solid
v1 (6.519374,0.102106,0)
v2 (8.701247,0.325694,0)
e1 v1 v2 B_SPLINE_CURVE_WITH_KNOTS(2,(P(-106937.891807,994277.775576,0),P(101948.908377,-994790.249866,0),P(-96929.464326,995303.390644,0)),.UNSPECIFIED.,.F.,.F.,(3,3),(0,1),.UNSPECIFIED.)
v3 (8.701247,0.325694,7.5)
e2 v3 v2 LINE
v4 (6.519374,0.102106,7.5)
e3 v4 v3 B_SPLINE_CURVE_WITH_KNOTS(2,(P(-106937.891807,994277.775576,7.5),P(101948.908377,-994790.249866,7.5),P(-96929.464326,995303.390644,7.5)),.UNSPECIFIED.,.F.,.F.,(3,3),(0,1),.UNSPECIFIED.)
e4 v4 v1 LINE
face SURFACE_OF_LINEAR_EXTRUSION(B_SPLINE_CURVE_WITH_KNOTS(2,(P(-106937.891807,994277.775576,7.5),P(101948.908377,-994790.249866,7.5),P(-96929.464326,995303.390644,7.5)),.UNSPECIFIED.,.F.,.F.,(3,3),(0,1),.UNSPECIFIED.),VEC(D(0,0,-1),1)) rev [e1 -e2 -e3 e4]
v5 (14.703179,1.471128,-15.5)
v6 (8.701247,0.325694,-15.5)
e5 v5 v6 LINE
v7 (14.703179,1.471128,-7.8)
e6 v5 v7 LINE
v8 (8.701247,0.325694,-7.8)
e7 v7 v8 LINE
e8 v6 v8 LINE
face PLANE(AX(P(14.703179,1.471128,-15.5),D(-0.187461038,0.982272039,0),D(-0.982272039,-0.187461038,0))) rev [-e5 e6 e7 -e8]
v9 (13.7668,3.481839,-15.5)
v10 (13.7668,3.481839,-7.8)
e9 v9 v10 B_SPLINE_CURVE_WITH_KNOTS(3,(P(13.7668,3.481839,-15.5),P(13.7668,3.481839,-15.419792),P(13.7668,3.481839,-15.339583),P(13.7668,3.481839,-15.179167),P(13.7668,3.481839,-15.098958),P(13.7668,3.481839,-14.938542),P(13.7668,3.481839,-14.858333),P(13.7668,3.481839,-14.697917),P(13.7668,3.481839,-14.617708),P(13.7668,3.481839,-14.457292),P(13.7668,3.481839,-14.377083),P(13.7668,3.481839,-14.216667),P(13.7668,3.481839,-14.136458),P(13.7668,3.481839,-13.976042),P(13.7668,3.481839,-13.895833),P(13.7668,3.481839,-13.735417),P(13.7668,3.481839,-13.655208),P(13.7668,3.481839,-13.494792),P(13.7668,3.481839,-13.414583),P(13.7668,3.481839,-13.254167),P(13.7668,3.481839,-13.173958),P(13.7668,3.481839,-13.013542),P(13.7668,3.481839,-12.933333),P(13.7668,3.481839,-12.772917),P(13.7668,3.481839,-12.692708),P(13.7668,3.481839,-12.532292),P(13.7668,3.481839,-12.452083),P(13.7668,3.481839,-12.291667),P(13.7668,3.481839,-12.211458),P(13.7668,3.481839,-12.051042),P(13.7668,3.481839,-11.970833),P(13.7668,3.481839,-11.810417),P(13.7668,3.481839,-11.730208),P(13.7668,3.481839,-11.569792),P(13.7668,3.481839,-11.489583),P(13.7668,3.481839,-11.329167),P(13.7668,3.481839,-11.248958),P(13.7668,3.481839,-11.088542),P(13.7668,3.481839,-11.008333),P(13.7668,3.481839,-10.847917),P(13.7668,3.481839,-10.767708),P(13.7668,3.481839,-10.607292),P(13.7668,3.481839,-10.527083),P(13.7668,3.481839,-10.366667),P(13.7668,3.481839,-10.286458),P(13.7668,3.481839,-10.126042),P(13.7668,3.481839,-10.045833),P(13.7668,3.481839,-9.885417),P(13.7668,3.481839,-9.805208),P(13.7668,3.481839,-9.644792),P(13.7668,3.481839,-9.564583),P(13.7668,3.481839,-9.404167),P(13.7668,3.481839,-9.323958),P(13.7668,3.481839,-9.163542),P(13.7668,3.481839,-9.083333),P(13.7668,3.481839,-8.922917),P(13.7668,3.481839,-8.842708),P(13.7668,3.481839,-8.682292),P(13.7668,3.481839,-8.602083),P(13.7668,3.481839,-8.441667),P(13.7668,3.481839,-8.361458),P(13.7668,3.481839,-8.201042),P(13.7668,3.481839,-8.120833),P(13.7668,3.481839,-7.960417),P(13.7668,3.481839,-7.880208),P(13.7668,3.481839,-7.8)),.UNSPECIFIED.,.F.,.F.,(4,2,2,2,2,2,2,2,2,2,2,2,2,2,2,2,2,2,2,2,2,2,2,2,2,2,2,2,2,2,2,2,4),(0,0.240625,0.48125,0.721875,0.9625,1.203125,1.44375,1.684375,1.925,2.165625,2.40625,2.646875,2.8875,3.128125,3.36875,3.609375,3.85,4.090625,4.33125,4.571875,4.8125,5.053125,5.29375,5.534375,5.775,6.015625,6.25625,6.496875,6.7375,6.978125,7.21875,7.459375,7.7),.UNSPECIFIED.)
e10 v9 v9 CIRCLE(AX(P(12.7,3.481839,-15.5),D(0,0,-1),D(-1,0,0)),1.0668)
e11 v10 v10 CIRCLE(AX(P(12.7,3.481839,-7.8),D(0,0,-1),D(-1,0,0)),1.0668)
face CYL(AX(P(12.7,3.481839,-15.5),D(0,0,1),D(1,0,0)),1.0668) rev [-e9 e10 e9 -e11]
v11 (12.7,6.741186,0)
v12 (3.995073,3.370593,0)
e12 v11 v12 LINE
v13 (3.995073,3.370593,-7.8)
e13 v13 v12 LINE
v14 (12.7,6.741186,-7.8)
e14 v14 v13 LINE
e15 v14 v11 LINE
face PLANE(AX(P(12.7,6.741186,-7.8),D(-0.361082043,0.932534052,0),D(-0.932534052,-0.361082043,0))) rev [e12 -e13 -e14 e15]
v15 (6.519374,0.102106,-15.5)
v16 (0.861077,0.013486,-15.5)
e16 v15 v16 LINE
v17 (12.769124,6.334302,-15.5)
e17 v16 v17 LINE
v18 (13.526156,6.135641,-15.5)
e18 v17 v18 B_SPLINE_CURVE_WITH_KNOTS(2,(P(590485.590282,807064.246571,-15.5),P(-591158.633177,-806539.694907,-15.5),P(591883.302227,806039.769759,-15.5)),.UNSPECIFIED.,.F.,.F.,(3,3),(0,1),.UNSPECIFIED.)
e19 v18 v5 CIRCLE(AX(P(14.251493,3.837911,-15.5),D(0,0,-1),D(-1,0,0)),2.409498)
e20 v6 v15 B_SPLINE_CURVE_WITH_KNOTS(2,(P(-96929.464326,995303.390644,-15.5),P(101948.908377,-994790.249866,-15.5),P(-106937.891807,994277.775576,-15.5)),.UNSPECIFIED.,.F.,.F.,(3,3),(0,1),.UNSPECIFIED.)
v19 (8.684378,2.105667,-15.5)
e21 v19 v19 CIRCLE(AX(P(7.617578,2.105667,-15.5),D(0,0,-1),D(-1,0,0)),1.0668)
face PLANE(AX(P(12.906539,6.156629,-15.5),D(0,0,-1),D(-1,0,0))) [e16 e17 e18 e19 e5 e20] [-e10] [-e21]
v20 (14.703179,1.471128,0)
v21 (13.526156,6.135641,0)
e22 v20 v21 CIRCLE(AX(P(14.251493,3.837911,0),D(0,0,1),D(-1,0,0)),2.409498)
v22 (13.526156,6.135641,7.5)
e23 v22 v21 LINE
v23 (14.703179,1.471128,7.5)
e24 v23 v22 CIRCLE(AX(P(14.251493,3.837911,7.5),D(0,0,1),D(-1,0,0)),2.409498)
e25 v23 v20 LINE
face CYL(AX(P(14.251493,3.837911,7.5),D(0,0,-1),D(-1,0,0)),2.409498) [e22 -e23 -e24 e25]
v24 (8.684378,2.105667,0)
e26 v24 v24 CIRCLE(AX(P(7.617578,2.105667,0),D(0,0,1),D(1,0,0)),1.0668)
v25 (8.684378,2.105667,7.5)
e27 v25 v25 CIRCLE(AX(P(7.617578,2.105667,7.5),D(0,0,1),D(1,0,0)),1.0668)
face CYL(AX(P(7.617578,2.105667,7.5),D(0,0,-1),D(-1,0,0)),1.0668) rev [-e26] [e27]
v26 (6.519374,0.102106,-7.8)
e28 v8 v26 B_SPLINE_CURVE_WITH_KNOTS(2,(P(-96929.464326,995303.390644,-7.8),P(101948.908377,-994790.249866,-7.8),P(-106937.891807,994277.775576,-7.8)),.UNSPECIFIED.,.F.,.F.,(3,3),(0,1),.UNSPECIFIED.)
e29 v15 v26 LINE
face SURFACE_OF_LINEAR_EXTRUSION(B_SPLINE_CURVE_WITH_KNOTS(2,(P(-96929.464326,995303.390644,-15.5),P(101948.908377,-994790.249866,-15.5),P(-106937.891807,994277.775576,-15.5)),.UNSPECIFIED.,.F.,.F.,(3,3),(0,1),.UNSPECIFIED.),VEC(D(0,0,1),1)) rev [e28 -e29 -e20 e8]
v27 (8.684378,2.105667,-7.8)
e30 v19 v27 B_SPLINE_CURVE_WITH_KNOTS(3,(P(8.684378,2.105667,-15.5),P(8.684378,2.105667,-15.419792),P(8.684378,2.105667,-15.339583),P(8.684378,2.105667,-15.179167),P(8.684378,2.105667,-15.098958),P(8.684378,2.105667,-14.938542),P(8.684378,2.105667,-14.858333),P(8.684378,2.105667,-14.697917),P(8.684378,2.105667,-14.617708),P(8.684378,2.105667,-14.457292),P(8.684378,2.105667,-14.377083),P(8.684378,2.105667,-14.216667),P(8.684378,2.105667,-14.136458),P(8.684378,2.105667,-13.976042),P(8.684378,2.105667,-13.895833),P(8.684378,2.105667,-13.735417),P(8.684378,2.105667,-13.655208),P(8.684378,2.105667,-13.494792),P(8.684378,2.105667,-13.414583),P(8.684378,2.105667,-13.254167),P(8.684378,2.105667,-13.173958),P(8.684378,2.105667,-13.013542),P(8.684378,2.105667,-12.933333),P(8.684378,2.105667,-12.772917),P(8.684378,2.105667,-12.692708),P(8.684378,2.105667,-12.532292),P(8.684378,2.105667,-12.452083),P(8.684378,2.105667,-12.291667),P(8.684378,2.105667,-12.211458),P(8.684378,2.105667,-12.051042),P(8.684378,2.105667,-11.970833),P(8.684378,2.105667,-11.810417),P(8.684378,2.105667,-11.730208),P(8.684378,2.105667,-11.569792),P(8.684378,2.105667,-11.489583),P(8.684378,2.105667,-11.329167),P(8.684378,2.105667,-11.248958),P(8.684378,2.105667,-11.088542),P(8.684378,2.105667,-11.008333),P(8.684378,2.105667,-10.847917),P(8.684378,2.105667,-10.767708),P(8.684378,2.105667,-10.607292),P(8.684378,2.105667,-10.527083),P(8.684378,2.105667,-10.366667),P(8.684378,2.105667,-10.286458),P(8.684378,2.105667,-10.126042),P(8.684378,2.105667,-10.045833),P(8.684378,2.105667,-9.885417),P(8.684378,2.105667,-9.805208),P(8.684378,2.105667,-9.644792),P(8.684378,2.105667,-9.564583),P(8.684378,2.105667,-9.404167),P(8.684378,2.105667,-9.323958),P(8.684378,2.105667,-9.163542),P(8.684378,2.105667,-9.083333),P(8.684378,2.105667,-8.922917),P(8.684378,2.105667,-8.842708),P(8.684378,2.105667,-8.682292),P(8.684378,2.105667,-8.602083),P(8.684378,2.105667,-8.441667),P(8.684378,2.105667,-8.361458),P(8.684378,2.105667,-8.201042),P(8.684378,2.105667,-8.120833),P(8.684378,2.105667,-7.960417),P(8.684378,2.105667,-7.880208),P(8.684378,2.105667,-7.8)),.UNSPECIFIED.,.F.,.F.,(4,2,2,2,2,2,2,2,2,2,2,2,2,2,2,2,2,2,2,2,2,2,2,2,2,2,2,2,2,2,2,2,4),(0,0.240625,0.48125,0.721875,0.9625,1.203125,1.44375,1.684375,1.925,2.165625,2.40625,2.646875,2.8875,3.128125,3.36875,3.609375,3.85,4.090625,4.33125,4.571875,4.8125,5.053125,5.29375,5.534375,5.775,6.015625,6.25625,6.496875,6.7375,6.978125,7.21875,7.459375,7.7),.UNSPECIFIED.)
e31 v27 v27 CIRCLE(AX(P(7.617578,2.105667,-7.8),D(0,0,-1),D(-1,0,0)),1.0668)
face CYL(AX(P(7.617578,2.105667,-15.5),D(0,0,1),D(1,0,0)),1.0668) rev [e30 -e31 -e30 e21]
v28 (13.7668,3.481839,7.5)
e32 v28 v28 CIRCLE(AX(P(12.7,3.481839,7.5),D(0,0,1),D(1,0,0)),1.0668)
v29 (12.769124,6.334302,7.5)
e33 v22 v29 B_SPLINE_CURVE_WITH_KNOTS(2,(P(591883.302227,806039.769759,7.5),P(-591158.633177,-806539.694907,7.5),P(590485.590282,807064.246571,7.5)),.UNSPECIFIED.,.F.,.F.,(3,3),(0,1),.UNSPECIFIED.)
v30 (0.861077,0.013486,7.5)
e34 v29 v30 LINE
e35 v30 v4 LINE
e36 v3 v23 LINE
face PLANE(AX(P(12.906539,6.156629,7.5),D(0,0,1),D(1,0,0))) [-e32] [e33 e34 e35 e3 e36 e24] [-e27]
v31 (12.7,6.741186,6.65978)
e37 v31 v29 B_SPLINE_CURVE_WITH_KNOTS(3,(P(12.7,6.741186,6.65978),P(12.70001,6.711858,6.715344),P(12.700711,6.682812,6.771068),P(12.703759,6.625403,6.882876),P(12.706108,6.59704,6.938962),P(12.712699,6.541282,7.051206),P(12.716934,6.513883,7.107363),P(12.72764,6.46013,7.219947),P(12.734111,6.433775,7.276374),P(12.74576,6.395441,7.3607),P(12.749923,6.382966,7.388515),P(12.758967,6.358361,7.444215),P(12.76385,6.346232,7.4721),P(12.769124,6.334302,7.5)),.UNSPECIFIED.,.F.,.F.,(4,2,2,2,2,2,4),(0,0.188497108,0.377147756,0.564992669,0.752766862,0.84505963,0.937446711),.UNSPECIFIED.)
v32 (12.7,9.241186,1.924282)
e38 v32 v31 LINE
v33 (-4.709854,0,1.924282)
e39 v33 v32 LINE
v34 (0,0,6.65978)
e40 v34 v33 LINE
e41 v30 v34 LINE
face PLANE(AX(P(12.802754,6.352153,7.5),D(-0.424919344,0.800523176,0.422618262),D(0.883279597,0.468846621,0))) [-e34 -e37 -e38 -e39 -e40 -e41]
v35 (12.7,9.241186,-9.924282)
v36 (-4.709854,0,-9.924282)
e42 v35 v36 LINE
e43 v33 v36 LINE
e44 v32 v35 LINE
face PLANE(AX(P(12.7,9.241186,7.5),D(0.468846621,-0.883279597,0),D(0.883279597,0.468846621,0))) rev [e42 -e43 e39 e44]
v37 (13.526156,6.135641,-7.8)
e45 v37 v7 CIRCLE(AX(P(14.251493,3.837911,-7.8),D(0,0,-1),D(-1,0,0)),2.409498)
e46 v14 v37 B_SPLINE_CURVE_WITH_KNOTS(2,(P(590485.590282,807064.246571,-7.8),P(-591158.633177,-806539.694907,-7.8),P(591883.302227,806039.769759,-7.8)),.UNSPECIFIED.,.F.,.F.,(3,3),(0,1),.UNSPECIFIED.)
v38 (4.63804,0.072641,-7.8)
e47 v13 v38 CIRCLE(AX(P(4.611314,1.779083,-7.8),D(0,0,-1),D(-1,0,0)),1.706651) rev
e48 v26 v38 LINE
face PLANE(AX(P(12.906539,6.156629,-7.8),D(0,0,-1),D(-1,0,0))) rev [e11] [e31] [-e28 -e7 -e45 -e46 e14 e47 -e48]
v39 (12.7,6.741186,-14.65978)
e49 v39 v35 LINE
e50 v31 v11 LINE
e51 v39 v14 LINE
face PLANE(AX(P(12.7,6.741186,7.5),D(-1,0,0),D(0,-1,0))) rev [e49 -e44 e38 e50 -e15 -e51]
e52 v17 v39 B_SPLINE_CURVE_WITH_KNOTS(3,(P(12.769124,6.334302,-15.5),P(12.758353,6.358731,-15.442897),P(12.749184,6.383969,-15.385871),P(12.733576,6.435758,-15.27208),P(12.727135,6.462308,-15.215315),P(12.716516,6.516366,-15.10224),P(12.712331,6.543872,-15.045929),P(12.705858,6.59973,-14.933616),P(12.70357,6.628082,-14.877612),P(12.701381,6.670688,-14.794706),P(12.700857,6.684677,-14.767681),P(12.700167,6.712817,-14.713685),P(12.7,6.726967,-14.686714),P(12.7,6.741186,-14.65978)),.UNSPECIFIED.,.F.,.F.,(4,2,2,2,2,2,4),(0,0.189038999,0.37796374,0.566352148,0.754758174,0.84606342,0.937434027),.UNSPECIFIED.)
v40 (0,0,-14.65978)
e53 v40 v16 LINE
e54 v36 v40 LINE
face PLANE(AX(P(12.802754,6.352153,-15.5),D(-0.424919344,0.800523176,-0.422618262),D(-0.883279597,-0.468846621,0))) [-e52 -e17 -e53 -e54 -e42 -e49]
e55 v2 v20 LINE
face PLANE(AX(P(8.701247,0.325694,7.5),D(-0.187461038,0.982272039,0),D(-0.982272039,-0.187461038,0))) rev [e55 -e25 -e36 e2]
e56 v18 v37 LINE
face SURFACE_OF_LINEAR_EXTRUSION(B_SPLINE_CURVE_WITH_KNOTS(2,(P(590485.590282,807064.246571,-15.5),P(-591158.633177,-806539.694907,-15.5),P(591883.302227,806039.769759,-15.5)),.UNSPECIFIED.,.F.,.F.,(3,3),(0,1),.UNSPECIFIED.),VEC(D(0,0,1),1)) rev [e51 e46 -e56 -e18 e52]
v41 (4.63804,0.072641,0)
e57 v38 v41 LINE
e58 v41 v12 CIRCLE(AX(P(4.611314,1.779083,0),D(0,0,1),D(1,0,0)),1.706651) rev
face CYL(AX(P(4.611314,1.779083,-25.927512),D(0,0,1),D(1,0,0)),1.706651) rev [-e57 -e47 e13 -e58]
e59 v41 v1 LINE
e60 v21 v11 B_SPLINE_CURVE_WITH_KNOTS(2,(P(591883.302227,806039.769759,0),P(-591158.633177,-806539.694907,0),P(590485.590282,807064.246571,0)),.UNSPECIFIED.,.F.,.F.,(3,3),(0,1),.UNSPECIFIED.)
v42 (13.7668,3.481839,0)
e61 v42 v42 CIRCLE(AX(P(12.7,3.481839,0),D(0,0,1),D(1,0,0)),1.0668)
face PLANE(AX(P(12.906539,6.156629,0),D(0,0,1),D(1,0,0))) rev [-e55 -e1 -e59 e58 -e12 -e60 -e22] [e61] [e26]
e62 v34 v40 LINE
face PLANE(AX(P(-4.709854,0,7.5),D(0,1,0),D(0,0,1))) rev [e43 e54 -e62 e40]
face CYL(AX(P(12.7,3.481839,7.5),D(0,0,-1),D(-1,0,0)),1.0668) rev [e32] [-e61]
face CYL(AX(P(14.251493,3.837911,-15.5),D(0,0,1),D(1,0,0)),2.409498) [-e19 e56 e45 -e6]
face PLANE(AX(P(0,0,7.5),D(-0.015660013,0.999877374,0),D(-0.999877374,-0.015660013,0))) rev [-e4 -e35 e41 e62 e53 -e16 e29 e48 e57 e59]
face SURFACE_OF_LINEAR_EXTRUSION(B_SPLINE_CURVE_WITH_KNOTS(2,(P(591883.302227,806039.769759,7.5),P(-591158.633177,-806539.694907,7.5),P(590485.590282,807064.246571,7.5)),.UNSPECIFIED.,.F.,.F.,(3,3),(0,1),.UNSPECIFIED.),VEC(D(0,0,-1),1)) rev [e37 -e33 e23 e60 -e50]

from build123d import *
from OCP.BRepFilletAPI import BRepFilletAPI_MakeChamfer

# Parameters (mm, degrees)
SKETCH1_R           = 1.0668
BOSS_EXTRUDE1_DEPTH = 7.5
BOSS_EXTRUDE2_DEPTH = 7.8
BOSS_EXTRUDE3_START = 7.7
SKETCH3_R           = 1.0668
BOSS_EXTRUDE3_DEPTH = 7.7
BOSS_EXTRUDE4_DEPTH = 23
CHAMFER1_SIZE       = 2.6
CHAMFER1_SIZE2      = 5.575717993


with BuildPart() as part:
    # Sketch1 → Boss-Extrude1 (new body)
    with BuildSketch(Plane.XY):
        with BuildLine():
            Line((0, 0), (6.519373857, 0.102105999))
            add(Edge.make_bspline(
                [(6.519373857, 0.102105999), (7.62, 0.119343933), (8.701246874, 0.325693755)],
                knots=[0, 0, 0, 1, 1, 1], degree=2))
            Line((8.701246874, 0.325693755), (14.703179453, 1.471128487))
            ThreePointArc((14.703179453, 1.471128487), (16.587758943, 4.427434521), (13.526155588, 6.135641216))
            add(Edge.make_bspline(
                [(13.526155588, 6.135641216), (12.7, 5.874844246), (12.7, 6.741186046)],
                knots=[0, 0, 0, 1, 1, 1], degree=2))
            Line((12.7, 6.741186046), (12.7, 9.241186046))
            Line((12.7, 9.241186046), (-4.709853694, 0))
            Line((-4.709853694, 0), (0, 0))
        make_face()
        with Locations((12.7, 3.481838658)):
            Circle(SKETCH1_R, mode=Mode.SUBTRACT)
        with Locations((7.617577591, 2.105666766)):
            Circle(SKETCH1_R, mode=Mode.SUBTRACT)
    extrude(amount=BOSS_EXTRUDE1_DEPTH)

    # Sketch2 → Boss-Extrude2 (add)
    with BuildSketch(Plane(origin=(0, 0, 0), x_dir=(-1, 0, 0), z_dir=(0, 0, -1))):
        Polygon((-12.7, 6.741186046), (4.709853694, 0), (-12.7, 9.241186046), align=None)
    extrude(amount=BOSS_EXTRUDE2_DEPTH)

    # Sketch3 → Boss-Extrude3 (add)
    with BuildSketch(Plane(origin=(0, 0, -7.8), x_dir=(-1, 0, 0), z_dir=(0, 0, -1)).offset(BOSS_EXTRUDE3_START)):
        with BuildLine():
            Line((-12.7, 9.241186046), (-12.7, 6.741186047))
            add(Edge.make_bspline(
                [(-12.7, 6.741186047), (-12.7, 5.874844247), (-13.526155587, 6.135641216)],
                knots=[0, 0, 0, 1, 1, 1], degree=2))
            ThreePointArc((-13.526155587, 6.135641216), (-16.587758943, 4.427434521), (-14.703179453, 1.471128487))
            Line((-14.703179453, 1.471128487), (-8.70124687, 0.325693755))
            add(Edge.make_bspline(
                [(-8.70124687, 0.325693755), (-7.619999998, 0.119343933), (-6.519373857, 0.102105999)],
                knots=[0, 0, 0, 1, 1, 1], degree=2))
            Line((-6.519373857, 0.102105999), (0, 0))
            Line((0, 0), (4.709853694, 0))
            Line((4.709853694, 0), (-12.7, 9.241186046))
        make_face()
        with Locations(Location((-12.7, 3.481838658, 0), (0, 0, 180))):
            Circle(SKETCH3_R, mode=Mode.SUBTRACT)
        with Locations(Location((-7.617577591, 2.105666766, 0), (0, 0, 180))):
            Circle(SKETCH3_R, mode=Mode.SUBTRACT)
    extrude(amount=-BOSS_EXTRUDE3_DEPTH)

    # Sketch4 → Boss-Extrude4 (add)
    with BuildSketch(Plane.XY.offset(7.5)):
        with BuildLine():
            Line((0, 0), (4.638040447, 0.072640681))
            ThreePointArc((4.638040447, 0.072640681), (2.936201023, 1.452503315), (3.995073153, 3.370593023))
            Line((3.995073153, 3.370593023), (3.995073153, 4.620593023))
            Line((3.995073153, 4.620593023), (-4.709853694, 0))
            Line((-4.709853694, 0), (0, 0))
        make_face()
    extrude(amount=-BOSS_EXTRUDE4_DEPTH)

    # Chamfer1: one chamfer whose edges measure the first distance from different faces: ONE call of the kernel's chamfer builder (chamfer() names one face for all edges)
    chamfer1_edges_1 = [part.edges().sort_by_distance(p)[0] for p in [
        (3.995073153, 4.620593023, 7.5),
    ]]
    chamfer1_side_1 = [part.faces().sort_by_distance(p)[0] for p in [
        (7.962373857, 3.352750827, 7.5),
    ]]
    chamfer1_edges_2 = [part.edges().sort_by_distance(p)[0] for p in [
        (3.995073153, 4.620593023, -15.5),
    ]]
    chamfer1_side_2 = [part.faces().sort_by_distance(p)[0] for p in [
        (7.962373857, 3.352750827, -15.5),
    ]]
    chamfer1 = BRepFilletAPI_MakeChamfer(part.part.solid().wrapped)
    for e in chamfer1_edges_1:
        chamfer1.Add(CHAMFER1_SIZE, CHAMFER1_SIZE2, e.wrapped, chamfer1_side_1[0].wrapped)  # the first distance lies on this face
    for e in chamfer1_edges_2:
        chamfer1.Add(CHAMFER1_SIZE, CHAMFER1_SIZE2, e.wrapped, chamfer1_side_2[0].wrapped)  # the first distance lies on this face
    add(Compound.cast(chamfer1.Shape()), mode=Mode.REPLACE)


solid = part.part
